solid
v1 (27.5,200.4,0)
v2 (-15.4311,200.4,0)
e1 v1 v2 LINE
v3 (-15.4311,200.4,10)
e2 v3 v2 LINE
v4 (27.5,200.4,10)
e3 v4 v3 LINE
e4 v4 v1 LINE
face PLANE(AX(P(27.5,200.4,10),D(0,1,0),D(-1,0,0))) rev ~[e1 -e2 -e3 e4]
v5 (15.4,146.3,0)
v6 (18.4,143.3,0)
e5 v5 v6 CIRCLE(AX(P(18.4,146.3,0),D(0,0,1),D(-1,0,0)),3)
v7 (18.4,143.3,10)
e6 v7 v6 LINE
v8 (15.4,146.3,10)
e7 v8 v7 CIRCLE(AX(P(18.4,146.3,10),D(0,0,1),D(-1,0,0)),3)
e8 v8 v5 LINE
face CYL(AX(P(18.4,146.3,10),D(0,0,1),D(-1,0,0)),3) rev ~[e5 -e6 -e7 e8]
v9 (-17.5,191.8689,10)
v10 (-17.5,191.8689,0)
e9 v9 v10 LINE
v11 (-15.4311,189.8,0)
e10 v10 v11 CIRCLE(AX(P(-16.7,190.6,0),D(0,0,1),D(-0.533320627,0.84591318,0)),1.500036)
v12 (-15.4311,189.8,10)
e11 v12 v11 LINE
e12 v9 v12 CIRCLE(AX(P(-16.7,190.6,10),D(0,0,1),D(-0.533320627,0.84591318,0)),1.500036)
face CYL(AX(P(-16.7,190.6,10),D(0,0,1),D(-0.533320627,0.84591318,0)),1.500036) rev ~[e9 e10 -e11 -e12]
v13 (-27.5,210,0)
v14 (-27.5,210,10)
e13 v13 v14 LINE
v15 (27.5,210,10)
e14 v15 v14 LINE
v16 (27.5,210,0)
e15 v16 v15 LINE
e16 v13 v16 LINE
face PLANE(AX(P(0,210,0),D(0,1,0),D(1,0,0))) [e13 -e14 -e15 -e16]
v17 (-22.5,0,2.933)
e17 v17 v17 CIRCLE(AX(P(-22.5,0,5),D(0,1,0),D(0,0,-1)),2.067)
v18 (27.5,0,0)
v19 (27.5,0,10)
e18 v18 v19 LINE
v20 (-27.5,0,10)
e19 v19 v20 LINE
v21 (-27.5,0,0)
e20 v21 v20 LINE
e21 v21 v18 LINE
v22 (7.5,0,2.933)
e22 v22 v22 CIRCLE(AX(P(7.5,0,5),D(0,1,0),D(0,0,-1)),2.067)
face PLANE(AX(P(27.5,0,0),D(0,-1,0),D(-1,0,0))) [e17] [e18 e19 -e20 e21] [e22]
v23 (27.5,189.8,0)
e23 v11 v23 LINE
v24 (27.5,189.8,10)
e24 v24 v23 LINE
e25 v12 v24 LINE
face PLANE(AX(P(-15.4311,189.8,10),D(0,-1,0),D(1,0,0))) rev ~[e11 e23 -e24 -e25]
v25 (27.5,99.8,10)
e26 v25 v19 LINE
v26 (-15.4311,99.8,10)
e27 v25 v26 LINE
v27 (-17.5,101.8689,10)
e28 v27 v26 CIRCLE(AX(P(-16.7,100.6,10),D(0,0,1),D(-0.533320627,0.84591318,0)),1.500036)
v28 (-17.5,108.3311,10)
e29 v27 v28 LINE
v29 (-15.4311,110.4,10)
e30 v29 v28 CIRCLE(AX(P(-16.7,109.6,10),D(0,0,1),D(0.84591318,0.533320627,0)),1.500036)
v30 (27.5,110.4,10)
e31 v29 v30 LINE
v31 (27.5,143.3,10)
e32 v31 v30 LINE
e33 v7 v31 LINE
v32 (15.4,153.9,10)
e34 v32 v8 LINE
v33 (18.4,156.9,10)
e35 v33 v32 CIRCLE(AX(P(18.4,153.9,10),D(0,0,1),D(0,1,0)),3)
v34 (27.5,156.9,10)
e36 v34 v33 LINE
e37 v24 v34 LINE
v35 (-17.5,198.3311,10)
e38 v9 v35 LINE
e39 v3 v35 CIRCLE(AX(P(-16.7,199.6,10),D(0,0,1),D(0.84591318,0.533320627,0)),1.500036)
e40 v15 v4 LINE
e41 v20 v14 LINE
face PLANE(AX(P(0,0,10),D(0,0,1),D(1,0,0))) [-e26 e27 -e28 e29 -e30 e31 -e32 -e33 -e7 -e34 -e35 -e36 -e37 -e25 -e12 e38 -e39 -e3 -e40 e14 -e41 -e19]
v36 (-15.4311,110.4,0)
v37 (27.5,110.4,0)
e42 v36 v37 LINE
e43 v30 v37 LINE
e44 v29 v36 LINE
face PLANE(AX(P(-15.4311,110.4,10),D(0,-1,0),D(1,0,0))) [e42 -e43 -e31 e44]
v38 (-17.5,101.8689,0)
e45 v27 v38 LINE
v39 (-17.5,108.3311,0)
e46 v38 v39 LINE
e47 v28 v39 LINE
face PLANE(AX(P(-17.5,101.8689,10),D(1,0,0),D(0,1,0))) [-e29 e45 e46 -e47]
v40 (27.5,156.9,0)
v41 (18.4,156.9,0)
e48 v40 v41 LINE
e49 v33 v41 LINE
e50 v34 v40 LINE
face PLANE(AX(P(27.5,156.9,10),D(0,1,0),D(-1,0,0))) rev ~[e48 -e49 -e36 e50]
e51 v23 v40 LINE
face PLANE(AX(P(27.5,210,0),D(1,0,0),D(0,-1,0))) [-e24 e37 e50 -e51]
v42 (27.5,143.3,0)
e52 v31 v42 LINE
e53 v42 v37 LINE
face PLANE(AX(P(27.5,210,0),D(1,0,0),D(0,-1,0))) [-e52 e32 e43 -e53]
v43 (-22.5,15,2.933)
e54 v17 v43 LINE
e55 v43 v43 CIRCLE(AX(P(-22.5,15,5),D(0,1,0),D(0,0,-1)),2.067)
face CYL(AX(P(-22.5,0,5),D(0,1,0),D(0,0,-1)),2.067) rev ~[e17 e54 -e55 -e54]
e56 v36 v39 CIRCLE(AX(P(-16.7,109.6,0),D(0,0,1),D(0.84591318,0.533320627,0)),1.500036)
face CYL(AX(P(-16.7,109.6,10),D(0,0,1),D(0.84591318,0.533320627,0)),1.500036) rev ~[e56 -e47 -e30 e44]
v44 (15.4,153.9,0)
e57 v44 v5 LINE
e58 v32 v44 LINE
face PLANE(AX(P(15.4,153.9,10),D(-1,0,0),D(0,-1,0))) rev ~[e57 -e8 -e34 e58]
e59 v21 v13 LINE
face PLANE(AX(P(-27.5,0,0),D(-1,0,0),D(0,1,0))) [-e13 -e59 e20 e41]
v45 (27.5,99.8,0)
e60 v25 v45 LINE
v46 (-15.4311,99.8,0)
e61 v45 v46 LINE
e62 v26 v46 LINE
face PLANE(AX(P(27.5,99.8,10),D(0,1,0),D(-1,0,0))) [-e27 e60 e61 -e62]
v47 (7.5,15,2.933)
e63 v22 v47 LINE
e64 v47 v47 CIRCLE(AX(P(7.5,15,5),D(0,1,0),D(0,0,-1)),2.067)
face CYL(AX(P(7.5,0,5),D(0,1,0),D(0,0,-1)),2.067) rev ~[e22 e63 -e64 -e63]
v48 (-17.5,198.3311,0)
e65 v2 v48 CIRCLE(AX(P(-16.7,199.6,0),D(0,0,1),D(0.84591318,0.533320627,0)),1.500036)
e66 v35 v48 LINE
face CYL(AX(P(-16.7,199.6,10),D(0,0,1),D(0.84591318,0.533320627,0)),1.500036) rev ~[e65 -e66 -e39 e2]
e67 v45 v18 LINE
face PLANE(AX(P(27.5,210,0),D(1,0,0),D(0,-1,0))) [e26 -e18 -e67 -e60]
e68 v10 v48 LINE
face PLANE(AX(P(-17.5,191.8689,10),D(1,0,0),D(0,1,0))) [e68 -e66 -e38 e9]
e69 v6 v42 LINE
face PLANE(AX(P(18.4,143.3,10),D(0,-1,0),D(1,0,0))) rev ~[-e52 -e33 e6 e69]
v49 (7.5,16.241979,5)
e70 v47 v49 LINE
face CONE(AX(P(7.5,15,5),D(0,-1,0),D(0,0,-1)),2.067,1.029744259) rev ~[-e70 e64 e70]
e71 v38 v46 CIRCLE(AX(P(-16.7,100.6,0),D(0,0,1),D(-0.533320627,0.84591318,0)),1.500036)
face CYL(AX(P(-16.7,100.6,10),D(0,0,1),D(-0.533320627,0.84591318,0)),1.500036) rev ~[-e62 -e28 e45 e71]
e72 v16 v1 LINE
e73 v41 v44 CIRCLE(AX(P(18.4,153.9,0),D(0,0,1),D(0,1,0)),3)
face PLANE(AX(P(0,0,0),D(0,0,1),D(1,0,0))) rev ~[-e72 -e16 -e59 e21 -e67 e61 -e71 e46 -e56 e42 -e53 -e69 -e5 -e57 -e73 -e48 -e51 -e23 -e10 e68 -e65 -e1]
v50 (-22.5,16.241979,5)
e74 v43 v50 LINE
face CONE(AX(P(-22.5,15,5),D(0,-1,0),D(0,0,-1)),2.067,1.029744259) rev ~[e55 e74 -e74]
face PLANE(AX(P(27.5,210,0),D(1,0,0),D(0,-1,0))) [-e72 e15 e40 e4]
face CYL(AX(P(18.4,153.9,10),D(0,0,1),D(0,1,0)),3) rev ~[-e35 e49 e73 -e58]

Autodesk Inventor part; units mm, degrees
ref_plane "YZ Plane" through (0, 0, 0) normal (1, 0, 0) x (0, 1, 0)
ref_plane "XZ Plane" through (0, 0, 0) normal (0, 1, 0) x (-1, 0, 0)
ref_plane "XY Plane" through (0, 0, 0) normal (0, 0, 1) x (1, 0, 0)
sketch "Skizze1" plane through (0, 0, 0) normal (0, 0, 1) x (1, 0, 0)
  line L0 (27.5, 0) -> (-27.5, 0)
  line L1 (-27.5, 0) -> (-27.5, 210)
  line L2 (-27.5, 210) -> (27.5, 210)
  line L3 (27.5, 210) -> (27.5, 0)
  line L4 (0, 252) -> (0, -42) projected
  line L5 (-38.5, 0) -> (38.5, 0) projected
  point P0 (0, 0)
  point P1 (0, 0)
  dimension "d0" = 210
  dimension "d1" = 55
extrude "Extrusion1" add sketch "Skizze1" along normal blind 10
sketch "Skizze2" plane through (0, 0, 10) normal (0, 0, 1) x (1, 0, 0)
  line L0 (27.5, 210) -> (27.5, 0) projected
  circle A0 centre (3.5, 195.1) radius 4.3 projected
  circle A1 centre (-6.5, 192.1) radius 1.2295 projected
  circle A2 centre (-6.5, 198.1) radius 1.2295 projected
  line L1 (21.5, 200.1) -> (-17.5, 200.1) projected
  line L2 (-17.5, 190.1) -> (-17.5, 200.1) projected
  line L3 (21.5, 190.1) -> (-17.5, 190.1) projected
  line L4 (21.5, 190.1) -> (21.5, 200.1) projected
  line L5 (19.1583, 143.6) -> (26.6417, 143.6) projected
  arc A3 (19.1583, 156.6) -> (19.1583, 143.6) centre (22.9, 150.1) ccw projected
  line L6 (26.6417, 156.6) -> (19.1583, 156.6) projected
  arc A4 (26.6417, 143.6) -> (26.6417, 156.6) centre (22.9, 150.1) ccw projected
  circle A5 centre (3.5, 105.1) radius 4.3 projected
  circle A6 centre (-6.5, 102.1) radius 1.2295 projected
  circle A7 centre (-6.5, 108.1) radius 1.2295 projected
  line L7 (21.5, 110.1) -> (-17.5, 110.1) projected
  line L8 (-17.5, 100.1) -> (-17.5, 110.1) projected
  line L9 (21.5, 100.1) -> (-17.5, 100.1) projected
  line L10 (21.5, 100.1) -> (21.5, 110.1) projected
  line L11 (27.5, 200.4) -> (-15.4311, 200.4)
  line L12 (-15.4311, 189.8) -> (27.5, 189.8)
  line L13 (27.5, 189.8) -> (27.5, 200.4)
  arc A8 (-17.5, 191.8689) -> (-15.4311, 189.8) centre (-16.7, 190.6) ccw
  arc A9 (-15.4311, 200.4) -> (-17.5, 198.3311) centre (-16.7, 199.6) ccw
  line L14 (22.9, 150.1) -> (-7.7295, 150.1) construction
  line L15 (-17.5, 190.1) -> (-17.5, 189.8)
  line L16 (-17.5, 200.4) -> (-17.5, 200.1)
  line L17 (-17.5, 198.3311) -> (-17.5, 191.8689)
  circle A10 centre (3.5, 105.1) radius 4.3
  circle A11 centre (-6.5, 108.1) radius 1.2295
  circle A12 centre (-6.5, 102.1) radius 1.2295
  line L18 (21.5, 100.1) -> (-17.5, 100.1)
  line L19 (-17.5, 110.1) -> (-17.5, 100.1)
  line L20 (21.5, 110.1) -> (-17.5, 110.1)
  line L21 (21.5, 110.1) -> (21.5, 100.1)
  line L22 (27.5, 99.8) -> (-15.4311, 99.8)
  line L23 (-15.4311, 110.4) -> (27.5, 110.4)
  line L24 (27.5, 110.4) -> (27.5, 99.8)
  arc A13 (-15.4311, 110.4) -> (-17.5, 108.3311) centre (-16.7, 109.6) ccw
  arc A14 (-17.5, 101.8689) -> (-15.4311, 99.8) centre (-16.7, 100.6) ccw
  line L25 (-17.5, 110.1) -> (-17.5, 110.4)
  line L26 (-17.5, 99.8) -> (-17.5, 100.1)
  line L27 (-17.5, 101.8689) -> (-17.5, 108.3311)
  line L28 (27.5, 156.9) -> (18.4, 156.9)
  line L29 (15.4, 153.9) -> (15.4, 146.3)
  line L30 (18.4, 143.3) -> (27.5, 143.3)
  line L31 (27.5, 143.3) -> (27.5, 156.9)
  arc A15 (18.4, 156.9) -> (15.4, 153.9) centre (18.4, 153.9) ccw
  arc A16 (15.4, 146.3) -> (18.4, 143.3) centre (18.4, 146.3) ccw
  point P0 (0, 0)
  dimension "d4" = 0.3
  dimension "d5" = 0.3
  dimension "d6" = 3
  dimension "d7" = 3
  dimension "d8" = 0.8
  dimension "d9" = 0.8
  dimension "d10" = 0.8
  dimension "d11" = 0.8
  dimension "d13" = 10.6
  dimension "d15" = 0.3
  dimension "d16" = 0.3
  dimension "d17" = 12.1
  dimension "d18" = 3
extrude "Extrusion2" cut sketch "Skizze2" against normal through all contours L0 L22 A14 L8 L9 L10 L7 A13 L23 | L0 A4 L6 A3 L29 A15 L28 | L0 L12 A8 L2 L3 L4 L1 A9 L11 | L2 L1 L4 L3 | A4 L0 | L0 A4 L5 A3 L6 | L0 L30 A16 L29 A3 L5 A4 | L8 L7 L10 L9 | A0 | A1 | A2 | A5 | A6 | A7
sketch "Skizze3" plane through (-27.5, 0, 0) normal (0, -1, 0) x (1, 0, 0)
  line L0 (55, 10) -> (0, 10) projected
  line L1 (0, 0) -> (0, 10) projected
  point P0 (27.5, 0)
  point P1 (5, 5)
  point P2 (35, 5)
  dimension "d21" = 30
  dimension "d22" = 5
  dimension "d23" = 5
  dimension "d24" = 5
hole "Bohrung1" at (-22.5, 0, 5) at (7.5, 0, 5) direction (0, 1, 0) diameter 4.134 depth 15 tip angle 118 thread size "M5x0.8" class "6H" standard "ISO Metric profile"
equation "\"d4\" = d5"
equation "\"d7\" = d6"
equation "\"d9\" = d8"
equation "\"d10\" = d8"
equation "\"d11\" = d10"
equation "\"d16\" = d15"
equation "\"d24\" = d23"
properties part number "Rückhalter" material "Stainless Steel"
